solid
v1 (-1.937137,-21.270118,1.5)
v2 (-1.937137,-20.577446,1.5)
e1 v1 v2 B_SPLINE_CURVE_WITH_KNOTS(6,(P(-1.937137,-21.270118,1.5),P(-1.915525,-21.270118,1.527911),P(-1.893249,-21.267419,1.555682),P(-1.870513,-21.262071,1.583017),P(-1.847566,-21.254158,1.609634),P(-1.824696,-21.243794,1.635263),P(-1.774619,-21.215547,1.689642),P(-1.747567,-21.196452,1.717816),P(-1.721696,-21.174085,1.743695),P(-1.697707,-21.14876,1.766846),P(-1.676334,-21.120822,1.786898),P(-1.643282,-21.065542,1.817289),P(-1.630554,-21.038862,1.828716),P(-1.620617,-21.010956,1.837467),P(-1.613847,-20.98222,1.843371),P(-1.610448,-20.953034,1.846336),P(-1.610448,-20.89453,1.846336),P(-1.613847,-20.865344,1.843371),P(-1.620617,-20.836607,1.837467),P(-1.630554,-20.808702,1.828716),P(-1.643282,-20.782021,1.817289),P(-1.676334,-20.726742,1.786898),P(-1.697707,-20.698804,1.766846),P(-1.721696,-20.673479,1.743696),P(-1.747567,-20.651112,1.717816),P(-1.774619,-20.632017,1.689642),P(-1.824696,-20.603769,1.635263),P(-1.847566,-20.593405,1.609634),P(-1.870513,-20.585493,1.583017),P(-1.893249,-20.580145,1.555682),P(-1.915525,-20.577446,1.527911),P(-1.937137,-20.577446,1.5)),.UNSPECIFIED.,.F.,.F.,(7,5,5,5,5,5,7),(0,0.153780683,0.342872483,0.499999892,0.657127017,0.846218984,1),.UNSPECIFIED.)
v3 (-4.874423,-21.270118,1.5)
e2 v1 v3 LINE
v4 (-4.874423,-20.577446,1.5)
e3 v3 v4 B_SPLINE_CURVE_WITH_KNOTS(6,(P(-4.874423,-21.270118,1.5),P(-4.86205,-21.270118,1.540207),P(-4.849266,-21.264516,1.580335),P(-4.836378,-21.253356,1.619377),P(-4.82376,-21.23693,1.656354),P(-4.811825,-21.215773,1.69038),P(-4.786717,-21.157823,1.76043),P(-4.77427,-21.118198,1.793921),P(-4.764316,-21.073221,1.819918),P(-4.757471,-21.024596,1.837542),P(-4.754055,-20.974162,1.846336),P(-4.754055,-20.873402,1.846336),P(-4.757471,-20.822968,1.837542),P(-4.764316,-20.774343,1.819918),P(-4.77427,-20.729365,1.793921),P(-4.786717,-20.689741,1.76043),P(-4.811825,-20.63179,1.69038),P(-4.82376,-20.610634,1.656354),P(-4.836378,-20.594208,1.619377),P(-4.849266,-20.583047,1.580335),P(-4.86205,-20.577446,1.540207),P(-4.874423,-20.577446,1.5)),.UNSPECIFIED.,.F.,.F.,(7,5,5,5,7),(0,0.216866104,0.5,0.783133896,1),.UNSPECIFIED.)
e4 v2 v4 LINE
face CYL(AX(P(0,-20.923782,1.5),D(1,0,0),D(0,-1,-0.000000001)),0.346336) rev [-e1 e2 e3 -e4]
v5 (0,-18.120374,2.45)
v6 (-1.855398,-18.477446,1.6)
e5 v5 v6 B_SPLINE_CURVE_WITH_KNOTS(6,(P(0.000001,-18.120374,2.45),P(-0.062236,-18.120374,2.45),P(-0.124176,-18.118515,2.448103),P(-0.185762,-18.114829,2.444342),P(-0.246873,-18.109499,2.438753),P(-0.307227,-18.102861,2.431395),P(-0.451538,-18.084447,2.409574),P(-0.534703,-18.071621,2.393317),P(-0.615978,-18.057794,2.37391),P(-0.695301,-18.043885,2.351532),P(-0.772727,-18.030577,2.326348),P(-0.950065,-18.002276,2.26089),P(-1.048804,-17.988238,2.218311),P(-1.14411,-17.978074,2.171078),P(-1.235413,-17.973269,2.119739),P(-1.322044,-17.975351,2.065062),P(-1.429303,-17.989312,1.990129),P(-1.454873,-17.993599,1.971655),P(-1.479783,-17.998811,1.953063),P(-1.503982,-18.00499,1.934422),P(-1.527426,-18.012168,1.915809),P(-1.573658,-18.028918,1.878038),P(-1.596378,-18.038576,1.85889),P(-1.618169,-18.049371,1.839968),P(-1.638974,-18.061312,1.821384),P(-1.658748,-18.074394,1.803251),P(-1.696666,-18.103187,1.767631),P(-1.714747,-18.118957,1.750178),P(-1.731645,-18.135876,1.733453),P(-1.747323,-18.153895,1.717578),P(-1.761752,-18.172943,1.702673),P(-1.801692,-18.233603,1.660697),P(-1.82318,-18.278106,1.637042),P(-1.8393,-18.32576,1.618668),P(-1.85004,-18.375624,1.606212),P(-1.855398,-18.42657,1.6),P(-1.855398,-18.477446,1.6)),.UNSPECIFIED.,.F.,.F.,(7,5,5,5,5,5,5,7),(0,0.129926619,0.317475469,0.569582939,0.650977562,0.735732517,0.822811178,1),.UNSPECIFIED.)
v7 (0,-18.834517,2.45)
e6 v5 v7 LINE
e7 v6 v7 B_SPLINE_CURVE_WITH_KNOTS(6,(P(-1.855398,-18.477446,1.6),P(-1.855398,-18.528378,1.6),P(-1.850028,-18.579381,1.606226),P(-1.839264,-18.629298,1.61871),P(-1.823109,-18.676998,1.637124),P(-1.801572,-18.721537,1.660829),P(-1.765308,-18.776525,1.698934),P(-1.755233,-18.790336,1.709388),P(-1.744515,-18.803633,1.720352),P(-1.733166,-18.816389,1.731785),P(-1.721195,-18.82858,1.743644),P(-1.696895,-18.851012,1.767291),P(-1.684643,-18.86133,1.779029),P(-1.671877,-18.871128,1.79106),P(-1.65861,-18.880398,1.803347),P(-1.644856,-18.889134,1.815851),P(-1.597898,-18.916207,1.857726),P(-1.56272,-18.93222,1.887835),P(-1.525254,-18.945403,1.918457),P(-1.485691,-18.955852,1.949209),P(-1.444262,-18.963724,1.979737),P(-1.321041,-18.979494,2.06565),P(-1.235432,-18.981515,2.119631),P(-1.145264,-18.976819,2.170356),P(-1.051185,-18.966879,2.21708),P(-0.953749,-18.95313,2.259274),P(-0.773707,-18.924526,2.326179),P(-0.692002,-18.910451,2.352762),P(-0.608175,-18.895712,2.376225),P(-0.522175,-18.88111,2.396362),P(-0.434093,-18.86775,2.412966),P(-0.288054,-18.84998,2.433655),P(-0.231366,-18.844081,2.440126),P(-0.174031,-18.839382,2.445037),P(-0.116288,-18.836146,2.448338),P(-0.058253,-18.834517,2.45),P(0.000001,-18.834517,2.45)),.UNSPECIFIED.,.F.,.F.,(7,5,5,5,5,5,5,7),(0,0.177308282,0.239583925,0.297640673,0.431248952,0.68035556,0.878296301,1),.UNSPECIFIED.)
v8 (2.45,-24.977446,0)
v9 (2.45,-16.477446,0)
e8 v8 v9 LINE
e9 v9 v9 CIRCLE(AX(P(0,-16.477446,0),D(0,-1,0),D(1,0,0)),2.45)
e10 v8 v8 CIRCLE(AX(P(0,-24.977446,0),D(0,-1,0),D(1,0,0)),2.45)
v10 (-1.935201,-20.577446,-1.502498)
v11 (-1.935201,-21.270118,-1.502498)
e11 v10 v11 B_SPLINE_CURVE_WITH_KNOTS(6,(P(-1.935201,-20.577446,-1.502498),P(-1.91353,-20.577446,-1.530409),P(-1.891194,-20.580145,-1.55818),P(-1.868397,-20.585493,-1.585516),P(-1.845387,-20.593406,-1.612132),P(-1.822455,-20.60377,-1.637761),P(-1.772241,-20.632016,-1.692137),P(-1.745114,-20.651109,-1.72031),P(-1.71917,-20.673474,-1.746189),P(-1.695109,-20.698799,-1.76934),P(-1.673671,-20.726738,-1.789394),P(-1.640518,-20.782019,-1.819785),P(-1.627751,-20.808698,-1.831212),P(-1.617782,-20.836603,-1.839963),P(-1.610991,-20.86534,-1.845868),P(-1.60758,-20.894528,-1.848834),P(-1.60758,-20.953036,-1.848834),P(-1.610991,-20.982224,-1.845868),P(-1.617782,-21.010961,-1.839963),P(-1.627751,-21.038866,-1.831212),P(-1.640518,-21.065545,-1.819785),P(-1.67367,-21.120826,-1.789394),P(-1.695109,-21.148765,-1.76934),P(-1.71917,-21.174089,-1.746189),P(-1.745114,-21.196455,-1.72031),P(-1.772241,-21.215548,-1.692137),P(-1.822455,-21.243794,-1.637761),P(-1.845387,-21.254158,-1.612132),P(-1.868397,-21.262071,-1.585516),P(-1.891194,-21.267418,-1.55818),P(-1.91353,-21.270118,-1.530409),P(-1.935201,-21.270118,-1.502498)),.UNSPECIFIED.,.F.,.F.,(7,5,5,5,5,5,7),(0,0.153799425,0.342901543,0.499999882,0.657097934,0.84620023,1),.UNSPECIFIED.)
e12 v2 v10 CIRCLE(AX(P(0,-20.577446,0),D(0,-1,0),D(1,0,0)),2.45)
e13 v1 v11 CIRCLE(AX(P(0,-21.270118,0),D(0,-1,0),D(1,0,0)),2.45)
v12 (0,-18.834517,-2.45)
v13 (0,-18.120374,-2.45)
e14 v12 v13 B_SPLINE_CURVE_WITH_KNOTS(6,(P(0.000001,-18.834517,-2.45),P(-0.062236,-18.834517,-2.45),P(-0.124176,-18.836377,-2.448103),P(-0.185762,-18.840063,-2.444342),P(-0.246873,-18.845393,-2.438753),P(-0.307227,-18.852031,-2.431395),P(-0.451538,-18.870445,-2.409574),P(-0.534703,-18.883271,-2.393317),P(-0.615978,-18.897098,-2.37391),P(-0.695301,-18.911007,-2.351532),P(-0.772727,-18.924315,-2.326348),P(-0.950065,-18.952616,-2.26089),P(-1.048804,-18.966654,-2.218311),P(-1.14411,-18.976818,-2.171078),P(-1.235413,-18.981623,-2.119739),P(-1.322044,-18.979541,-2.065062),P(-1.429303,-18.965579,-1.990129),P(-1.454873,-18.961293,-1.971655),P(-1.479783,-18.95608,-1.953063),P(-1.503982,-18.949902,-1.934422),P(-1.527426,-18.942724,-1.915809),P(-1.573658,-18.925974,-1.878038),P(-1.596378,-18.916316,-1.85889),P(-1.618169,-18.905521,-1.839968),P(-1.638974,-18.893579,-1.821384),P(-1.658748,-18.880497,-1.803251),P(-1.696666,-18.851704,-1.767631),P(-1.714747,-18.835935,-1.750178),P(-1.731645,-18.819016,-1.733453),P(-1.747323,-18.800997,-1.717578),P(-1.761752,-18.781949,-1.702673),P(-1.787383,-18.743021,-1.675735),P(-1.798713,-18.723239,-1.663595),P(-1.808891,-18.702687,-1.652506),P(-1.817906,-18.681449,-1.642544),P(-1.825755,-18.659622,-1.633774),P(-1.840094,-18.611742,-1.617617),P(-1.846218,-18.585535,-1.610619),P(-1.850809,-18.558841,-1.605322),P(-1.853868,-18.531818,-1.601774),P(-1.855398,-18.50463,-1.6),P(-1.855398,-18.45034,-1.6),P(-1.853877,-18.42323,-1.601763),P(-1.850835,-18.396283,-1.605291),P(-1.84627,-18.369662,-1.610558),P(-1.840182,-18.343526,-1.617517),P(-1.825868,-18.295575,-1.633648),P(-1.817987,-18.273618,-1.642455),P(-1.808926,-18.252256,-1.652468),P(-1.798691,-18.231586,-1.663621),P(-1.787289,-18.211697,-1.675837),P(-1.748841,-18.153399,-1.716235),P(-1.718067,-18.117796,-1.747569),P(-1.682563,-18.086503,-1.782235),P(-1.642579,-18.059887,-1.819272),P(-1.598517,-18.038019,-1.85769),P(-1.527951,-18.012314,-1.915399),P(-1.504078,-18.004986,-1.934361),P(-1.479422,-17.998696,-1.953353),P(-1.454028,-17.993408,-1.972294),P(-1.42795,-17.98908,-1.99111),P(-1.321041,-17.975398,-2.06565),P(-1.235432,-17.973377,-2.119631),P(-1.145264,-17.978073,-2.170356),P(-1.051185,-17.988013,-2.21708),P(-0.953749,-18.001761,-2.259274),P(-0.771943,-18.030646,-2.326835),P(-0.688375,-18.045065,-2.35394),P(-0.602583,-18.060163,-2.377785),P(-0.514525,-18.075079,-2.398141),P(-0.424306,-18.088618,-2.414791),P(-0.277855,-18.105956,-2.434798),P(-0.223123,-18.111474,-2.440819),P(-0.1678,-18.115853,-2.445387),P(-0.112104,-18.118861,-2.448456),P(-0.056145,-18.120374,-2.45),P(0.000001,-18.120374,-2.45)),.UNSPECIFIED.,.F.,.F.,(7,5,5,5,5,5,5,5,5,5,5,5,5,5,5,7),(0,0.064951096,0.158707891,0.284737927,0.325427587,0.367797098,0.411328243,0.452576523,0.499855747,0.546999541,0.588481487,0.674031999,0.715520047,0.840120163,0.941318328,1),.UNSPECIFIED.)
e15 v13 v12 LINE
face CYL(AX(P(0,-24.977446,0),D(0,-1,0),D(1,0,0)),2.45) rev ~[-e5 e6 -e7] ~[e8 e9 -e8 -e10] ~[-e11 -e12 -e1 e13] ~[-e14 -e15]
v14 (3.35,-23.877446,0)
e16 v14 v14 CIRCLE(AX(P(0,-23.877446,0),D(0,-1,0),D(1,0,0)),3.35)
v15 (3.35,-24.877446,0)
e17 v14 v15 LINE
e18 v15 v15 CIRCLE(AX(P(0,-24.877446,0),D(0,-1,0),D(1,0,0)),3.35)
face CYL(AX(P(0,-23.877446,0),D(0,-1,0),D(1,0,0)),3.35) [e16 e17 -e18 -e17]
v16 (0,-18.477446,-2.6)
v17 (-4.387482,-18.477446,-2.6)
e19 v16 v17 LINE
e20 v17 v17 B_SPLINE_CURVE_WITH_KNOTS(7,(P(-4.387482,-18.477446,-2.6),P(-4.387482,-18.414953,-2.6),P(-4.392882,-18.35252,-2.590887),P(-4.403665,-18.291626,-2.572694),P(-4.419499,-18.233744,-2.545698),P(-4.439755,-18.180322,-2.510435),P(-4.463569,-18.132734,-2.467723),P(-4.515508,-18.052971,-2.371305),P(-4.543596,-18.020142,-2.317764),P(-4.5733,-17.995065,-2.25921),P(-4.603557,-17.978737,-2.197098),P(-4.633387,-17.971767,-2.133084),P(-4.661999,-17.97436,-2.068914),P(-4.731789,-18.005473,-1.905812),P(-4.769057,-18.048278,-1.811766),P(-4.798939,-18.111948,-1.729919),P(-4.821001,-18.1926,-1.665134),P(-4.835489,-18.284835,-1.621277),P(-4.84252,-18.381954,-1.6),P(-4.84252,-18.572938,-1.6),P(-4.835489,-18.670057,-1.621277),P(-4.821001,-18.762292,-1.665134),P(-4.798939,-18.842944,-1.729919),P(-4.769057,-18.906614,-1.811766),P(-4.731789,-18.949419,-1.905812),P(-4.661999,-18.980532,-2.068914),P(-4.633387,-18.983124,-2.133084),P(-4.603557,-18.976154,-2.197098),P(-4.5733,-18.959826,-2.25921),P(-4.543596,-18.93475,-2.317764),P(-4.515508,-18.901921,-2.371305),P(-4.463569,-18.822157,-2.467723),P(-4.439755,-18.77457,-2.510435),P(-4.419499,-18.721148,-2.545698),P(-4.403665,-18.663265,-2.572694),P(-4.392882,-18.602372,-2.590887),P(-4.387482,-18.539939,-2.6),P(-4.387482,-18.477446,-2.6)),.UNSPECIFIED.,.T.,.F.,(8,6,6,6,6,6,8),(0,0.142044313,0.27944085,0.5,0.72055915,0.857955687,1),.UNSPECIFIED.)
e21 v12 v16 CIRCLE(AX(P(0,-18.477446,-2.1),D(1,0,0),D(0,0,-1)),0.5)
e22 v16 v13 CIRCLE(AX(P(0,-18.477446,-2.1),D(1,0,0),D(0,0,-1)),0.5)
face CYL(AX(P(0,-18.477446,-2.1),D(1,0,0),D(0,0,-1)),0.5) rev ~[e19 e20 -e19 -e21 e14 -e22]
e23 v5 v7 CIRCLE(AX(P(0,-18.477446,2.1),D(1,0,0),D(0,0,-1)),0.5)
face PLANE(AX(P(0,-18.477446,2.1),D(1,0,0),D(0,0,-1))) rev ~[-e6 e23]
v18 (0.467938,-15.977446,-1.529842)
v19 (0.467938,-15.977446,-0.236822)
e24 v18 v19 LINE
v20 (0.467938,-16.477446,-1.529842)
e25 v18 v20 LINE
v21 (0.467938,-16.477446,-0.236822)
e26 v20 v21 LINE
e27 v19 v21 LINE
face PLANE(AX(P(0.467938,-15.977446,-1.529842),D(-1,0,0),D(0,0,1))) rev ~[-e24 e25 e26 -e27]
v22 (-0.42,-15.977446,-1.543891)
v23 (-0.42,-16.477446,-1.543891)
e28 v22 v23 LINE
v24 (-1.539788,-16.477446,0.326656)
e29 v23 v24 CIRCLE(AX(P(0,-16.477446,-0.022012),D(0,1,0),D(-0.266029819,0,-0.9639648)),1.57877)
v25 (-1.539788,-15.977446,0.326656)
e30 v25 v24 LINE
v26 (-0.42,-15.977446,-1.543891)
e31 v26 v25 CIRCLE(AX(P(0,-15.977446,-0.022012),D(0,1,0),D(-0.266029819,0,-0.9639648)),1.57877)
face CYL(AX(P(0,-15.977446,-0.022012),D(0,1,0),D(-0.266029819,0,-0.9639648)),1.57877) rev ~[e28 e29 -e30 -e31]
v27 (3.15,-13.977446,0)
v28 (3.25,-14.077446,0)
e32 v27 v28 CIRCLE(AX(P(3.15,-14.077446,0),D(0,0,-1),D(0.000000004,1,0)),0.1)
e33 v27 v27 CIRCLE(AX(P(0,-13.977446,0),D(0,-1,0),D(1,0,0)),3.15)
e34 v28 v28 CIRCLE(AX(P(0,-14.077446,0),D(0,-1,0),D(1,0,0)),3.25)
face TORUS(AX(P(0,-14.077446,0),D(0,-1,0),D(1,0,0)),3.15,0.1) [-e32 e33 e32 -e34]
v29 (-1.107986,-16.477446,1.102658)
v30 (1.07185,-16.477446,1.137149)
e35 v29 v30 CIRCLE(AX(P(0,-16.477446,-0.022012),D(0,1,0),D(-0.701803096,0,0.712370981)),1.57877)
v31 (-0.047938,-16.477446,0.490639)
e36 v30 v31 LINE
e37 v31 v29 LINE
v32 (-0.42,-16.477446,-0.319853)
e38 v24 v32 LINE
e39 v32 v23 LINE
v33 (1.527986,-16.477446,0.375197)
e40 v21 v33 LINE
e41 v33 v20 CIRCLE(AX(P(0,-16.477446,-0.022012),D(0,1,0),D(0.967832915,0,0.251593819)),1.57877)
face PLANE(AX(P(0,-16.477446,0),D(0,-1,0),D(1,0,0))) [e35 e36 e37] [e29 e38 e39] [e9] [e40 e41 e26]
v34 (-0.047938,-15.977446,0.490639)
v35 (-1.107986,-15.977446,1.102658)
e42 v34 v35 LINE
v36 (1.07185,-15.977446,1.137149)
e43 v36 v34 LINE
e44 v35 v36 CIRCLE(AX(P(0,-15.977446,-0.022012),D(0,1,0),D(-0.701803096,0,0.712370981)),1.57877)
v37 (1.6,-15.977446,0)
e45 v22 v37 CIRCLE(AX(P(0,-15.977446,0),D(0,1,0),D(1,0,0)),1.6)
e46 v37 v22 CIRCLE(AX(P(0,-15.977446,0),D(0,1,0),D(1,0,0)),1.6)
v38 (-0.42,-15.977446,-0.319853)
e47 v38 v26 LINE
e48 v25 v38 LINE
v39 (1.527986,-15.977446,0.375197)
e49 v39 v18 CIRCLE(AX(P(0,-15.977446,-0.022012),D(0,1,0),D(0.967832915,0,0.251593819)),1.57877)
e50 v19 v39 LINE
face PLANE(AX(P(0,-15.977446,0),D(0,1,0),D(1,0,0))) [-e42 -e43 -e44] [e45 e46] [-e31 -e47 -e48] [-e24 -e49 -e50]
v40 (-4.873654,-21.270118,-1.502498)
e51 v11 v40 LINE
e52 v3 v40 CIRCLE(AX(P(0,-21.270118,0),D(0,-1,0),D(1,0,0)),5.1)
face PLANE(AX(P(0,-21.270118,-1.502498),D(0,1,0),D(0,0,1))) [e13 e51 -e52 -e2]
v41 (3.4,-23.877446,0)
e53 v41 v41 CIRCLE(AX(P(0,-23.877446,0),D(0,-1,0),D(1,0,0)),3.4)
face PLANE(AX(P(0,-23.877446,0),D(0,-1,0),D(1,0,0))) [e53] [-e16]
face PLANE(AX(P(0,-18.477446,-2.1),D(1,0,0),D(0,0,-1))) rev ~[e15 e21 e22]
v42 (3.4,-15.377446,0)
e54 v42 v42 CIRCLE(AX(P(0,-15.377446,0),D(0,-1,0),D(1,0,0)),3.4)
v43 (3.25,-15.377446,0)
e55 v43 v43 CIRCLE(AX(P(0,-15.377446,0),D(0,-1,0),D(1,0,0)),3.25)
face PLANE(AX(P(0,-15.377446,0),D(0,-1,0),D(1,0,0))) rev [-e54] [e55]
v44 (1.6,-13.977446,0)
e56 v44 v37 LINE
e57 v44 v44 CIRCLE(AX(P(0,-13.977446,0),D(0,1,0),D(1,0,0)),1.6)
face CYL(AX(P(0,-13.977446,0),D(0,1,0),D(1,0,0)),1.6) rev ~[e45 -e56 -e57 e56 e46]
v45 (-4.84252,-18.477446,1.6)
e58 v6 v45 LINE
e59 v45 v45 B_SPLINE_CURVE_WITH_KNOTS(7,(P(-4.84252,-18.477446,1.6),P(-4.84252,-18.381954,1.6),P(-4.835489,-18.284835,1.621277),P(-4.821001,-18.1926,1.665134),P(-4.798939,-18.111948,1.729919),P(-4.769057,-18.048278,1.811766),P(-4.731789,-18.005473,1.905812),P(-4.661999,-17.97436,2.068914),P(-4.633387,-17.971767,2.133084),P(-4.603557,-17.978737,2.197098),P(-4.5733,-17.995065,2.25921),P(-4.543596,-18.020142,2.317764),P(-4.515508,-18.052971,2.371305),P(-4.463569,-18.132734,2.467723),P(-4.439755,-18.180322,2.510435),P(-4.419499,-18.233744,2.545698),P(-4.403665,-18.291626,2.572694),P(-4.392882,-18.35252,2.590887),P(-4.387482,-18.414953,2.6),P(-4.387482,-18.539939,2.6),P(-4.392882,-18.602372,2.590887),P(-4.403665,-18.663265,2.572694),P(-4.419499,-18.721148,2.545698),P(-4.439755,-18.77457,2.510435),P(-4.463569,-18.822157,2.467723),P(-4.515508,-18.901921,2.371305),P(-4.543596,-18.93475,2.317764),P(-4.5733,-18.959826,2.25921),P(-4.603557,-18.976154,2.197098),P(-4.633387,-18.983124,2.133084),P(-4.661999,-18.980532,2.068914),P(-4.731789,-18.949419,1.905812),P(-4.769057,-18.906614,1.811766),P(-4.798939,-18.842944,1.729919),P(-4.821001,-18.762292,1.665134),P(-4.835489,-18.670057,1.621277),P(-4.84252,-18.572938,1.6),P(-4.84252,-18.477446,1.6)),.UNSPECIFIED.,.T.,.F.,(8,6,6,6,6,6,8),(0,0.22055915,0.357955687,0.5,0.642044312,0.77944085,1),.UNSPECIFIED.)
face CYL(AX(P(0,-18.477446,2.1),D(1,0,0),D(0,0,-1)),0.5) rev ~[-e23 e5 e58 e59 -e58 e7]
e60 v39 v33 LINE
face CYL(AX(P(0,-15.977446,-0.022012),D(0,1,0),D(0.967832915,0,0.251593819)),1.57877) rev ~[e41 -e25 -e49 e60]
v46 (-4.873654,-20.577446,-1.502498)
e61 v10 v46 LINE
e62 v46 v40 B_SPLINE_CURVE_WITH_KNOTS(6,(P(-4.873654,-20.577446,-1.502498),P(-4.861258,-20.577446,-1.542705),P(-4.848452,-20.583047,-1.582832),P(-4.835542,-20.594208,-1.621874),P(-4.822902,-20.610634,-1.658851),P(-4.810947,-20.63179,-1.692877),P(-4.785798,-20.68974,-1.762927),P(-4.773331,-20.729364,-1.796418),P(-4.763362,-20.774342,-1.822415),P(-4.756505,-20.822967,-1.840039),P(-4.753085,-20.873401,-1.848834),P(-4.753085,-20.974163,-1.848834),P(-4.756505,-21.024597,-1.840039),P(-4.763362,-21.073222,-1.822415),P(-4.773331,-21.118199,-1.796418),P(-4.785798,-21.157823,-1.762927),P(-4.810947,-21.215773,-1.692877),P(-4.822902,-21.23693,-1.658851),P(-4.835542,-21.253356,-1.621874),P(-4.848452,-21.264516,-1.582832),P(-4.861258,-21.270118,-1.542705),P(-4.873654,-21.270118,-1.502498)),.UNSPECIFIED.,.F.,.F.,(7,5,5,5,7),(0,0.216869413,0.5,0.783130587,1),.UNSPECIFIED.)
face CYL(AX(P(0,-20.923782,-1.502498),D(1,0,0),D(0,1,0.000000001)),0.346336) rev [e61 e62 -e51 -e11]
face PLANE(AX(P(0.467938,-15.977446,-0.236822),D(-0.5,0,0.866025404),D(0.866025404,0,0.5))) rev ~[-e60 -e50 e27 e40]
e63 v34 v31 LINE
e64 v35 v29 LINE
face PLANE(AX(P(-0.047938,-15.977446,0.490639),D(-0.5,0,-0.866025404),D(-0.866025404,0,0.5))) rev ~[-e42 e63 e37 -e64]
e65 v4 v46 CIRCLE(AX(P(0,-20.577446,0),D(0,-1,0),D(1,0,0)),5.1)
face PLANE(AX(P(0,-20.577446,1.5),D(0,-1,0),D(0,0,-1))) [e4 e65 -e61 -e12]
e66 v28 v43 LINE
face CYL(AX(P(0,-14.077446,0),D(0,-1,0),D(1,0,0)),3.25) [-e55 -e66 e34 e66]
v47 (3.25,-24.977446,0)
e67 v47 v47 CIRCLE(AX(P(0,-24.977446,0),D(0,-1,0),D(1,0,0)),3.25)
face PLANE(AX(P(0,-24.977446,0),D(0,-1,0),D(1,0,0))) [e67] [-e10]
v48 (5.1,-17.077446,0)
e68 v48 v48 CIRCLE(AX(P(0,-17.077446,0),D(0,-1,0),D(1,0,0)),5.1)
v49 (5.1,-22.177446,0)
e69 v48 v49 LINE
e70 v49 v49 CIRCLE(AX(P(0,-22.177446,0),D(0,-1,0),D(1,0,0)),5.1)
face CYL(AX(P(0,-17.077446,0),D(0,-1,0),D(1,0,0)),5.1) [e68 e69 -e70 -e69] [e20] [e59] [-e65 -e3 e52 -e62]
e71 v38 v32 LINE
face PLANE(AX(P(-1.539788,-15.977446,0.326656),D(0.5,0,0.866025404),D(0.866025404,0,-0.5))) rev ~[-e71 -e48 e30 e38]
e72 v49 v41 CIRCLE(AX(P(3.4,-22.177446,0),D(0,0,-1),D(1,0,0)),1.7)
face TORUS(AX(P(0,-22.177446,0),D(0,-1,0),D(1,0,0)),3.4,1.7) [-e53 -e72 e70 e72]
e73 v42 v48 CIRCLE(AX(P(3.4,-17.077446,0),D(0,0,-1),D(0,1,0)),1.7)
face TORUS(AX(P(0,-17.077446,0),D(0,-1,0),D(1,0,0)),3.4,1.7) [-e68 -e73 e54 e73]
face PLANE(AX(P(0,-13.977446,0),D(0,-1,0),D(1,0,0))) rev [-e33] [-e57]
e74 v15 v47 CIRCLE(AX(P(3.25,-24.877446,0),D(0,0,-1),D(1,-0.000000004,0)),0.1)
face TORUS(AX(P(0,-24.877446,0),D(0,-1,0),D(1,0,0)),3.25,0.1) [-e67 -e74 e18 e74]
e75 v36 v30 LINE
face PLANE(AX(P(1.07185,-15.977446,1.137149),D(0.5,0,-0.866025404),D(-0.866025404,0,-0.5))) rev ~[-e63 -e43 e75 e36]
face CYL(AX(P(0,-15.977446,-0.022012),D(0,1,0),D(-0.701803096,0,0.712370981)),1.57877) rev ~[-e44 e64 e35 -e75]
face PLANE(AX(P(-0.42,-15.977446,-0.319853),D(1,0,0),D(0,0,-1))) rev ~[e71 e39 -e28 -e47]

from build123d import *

# Parameters (mm, degrees)
SKETCH2_R          = 1.6
CUT_EXTRUDE1_DEPTH = 2
CUT_EXTRUDE3_DEPTH = 9
CIRPATTERN1_COUNT  = 3
SKETCH5_R          = 2.45
CUT_EXTRUDE4_DEPTH = 8.5
SKETCH6_R          = 0.5
CUT_EXTRUDE5_DEPTH = 8.5
CUT_EXTRUDE6_DEPTH = 8.5


with BuildPart() as part:
    # Sketch1 → Revolve1 (revolve)
    with BuildSketch(Plane.XY):
        with BuildLine():
            Line((0, -13.977445887), (3.15, -13.977445887))
            ThreePointArc((3.15, -13.977445887), (3.220710678, -14.006735209), (3.25, -14.077445887))
            Line((3.25, -14.077445887), (3.25, -15.377445887))
            Line((3.25, -15.377445887), (3.4, -15.377445887))
            ThreePointArc((3.4, -15.377445887), (4.602081528, -15.875364359), (5.1, -17.077445887))
            Line((5.1, -17.077445887), (5.1, -22.177445887))
            ThreePointArc((5.1, -22.177445887), (4.602081528, -23.379527415), (3.4, -23.877445887))
            Line((3.4, -23.877445887), (3.35, -23.877445887))
            Line((3.35, -23.877445887), (3.35, -24.877445887))
            ThreePointArc((3.35, -24.877445887), (3.320710678, -24.948156565), (3.25, -24.977445887))
            Line((3.25, -24.977445887), (0, -24.977445887))
            Line((0, -24.977445887), (0, -13.977445887))
        make_face()
    revolve(axis=Axis((0, 36.866666667, 0), (0, -1, 0)))

    # Sketch2 → Cut-Extrude1 (cut)
    with BuildSketch(Plane(origin=(0, -13.977445887, 0), x_dir=(1, 0, 0), z_dir=(0, 1, 0))):
        Circle(SKETCH2_R)
    extrude(amount=-CUT_EXTRUDE1_DEPTH, mode=Mode.SUBTRACT)

    # Sketch4 → Cut-Extrude3 (cut)
    with BuildSketch(Plane(origin=(0, -15.977445887, 0), x_dir=(1, 0, 0), z_dir=(0, 1, 0))):
        with BuildLine():
            Line((-0.42, 0.319853318), (-0.42, 1.543891188))
            ThreePointArc((-0.42, 1.543891188), (-1.354595532, 0.832929416), (-1.539787712, -0.326656419))
            Line((-1.539787712, -0.326656419), (-0.42, 0.319853318))
        make_face()
    cut_extrude3 = extrude(amount=-CUT_EXTRUDE3_DEPTH, mode=Mode.SUBTRACT)

    # CirPattern1: Cut-Extrude3 ×3 about axis
    cirpattern1_axis = Axis((0, 0, -0.022012107), (0, 1, 0))
    for i in range(1, CIRPATTERN1_COUNT):
        add(cut_extrude3.rotate(cirpattern1_axis, i * 360 / CIRPATTERN1_COUNT), mode=Mode.SUBTRACT)

    # Sketch5 → Cut-Extrude4 (cut)
    with BuildSketch(Plane.XZ.offset(24.977445887)):
        Circle(SKETCH5_R)
    extrude(amount=-CUT_EXTRUDE4_DEPTH, mode=Mode.SUBTRACT)

    # Sketch6 → Cut-Extrude5 (cut)
    with BuildSketch(Plane(origin=(0, 0, 0), x_dir=(0, 0, -1), z_dir=(1, 0, 0))):
        with Locations((-2.1, -18.477445887)):
            Circle(SKETCH6_R)
        with Locations((2.1, -18.477445887)):
            Circle(SKETCH6_R)
    extrude(amount=-CUT_EXTRUDE5_DEPTH, mode=Mode.SUBTRACT)

    # Sketch7 → Cut-Extrude6 (cut)
    with BuildSketch(Plane(origin=(0, 0, 0), x_dir=(0, 0, -1), z_dir=(1, 0, 0))):
        with BuildLine():
            Line((1.502497593, -21.270117784), (-1.5, -21.270117784))
            ThreePointArc((-1.5, -21.270117784), (-1.846335949, -20.923781835), (-1.5, -20.577445887))
            Line((-1.5, -20.577445887), (1.502497593, -20.577445887))
            ThreePointArc((1.502497593, -20.577445887), (1.848833542, -20.923781835), (1.502497593, -21.270117784))
        make_face()
    extrude(amount=-CUT_EXTRUDE6_DEPTH, mode=Mode.SUBTRACT)


solid = part.part
